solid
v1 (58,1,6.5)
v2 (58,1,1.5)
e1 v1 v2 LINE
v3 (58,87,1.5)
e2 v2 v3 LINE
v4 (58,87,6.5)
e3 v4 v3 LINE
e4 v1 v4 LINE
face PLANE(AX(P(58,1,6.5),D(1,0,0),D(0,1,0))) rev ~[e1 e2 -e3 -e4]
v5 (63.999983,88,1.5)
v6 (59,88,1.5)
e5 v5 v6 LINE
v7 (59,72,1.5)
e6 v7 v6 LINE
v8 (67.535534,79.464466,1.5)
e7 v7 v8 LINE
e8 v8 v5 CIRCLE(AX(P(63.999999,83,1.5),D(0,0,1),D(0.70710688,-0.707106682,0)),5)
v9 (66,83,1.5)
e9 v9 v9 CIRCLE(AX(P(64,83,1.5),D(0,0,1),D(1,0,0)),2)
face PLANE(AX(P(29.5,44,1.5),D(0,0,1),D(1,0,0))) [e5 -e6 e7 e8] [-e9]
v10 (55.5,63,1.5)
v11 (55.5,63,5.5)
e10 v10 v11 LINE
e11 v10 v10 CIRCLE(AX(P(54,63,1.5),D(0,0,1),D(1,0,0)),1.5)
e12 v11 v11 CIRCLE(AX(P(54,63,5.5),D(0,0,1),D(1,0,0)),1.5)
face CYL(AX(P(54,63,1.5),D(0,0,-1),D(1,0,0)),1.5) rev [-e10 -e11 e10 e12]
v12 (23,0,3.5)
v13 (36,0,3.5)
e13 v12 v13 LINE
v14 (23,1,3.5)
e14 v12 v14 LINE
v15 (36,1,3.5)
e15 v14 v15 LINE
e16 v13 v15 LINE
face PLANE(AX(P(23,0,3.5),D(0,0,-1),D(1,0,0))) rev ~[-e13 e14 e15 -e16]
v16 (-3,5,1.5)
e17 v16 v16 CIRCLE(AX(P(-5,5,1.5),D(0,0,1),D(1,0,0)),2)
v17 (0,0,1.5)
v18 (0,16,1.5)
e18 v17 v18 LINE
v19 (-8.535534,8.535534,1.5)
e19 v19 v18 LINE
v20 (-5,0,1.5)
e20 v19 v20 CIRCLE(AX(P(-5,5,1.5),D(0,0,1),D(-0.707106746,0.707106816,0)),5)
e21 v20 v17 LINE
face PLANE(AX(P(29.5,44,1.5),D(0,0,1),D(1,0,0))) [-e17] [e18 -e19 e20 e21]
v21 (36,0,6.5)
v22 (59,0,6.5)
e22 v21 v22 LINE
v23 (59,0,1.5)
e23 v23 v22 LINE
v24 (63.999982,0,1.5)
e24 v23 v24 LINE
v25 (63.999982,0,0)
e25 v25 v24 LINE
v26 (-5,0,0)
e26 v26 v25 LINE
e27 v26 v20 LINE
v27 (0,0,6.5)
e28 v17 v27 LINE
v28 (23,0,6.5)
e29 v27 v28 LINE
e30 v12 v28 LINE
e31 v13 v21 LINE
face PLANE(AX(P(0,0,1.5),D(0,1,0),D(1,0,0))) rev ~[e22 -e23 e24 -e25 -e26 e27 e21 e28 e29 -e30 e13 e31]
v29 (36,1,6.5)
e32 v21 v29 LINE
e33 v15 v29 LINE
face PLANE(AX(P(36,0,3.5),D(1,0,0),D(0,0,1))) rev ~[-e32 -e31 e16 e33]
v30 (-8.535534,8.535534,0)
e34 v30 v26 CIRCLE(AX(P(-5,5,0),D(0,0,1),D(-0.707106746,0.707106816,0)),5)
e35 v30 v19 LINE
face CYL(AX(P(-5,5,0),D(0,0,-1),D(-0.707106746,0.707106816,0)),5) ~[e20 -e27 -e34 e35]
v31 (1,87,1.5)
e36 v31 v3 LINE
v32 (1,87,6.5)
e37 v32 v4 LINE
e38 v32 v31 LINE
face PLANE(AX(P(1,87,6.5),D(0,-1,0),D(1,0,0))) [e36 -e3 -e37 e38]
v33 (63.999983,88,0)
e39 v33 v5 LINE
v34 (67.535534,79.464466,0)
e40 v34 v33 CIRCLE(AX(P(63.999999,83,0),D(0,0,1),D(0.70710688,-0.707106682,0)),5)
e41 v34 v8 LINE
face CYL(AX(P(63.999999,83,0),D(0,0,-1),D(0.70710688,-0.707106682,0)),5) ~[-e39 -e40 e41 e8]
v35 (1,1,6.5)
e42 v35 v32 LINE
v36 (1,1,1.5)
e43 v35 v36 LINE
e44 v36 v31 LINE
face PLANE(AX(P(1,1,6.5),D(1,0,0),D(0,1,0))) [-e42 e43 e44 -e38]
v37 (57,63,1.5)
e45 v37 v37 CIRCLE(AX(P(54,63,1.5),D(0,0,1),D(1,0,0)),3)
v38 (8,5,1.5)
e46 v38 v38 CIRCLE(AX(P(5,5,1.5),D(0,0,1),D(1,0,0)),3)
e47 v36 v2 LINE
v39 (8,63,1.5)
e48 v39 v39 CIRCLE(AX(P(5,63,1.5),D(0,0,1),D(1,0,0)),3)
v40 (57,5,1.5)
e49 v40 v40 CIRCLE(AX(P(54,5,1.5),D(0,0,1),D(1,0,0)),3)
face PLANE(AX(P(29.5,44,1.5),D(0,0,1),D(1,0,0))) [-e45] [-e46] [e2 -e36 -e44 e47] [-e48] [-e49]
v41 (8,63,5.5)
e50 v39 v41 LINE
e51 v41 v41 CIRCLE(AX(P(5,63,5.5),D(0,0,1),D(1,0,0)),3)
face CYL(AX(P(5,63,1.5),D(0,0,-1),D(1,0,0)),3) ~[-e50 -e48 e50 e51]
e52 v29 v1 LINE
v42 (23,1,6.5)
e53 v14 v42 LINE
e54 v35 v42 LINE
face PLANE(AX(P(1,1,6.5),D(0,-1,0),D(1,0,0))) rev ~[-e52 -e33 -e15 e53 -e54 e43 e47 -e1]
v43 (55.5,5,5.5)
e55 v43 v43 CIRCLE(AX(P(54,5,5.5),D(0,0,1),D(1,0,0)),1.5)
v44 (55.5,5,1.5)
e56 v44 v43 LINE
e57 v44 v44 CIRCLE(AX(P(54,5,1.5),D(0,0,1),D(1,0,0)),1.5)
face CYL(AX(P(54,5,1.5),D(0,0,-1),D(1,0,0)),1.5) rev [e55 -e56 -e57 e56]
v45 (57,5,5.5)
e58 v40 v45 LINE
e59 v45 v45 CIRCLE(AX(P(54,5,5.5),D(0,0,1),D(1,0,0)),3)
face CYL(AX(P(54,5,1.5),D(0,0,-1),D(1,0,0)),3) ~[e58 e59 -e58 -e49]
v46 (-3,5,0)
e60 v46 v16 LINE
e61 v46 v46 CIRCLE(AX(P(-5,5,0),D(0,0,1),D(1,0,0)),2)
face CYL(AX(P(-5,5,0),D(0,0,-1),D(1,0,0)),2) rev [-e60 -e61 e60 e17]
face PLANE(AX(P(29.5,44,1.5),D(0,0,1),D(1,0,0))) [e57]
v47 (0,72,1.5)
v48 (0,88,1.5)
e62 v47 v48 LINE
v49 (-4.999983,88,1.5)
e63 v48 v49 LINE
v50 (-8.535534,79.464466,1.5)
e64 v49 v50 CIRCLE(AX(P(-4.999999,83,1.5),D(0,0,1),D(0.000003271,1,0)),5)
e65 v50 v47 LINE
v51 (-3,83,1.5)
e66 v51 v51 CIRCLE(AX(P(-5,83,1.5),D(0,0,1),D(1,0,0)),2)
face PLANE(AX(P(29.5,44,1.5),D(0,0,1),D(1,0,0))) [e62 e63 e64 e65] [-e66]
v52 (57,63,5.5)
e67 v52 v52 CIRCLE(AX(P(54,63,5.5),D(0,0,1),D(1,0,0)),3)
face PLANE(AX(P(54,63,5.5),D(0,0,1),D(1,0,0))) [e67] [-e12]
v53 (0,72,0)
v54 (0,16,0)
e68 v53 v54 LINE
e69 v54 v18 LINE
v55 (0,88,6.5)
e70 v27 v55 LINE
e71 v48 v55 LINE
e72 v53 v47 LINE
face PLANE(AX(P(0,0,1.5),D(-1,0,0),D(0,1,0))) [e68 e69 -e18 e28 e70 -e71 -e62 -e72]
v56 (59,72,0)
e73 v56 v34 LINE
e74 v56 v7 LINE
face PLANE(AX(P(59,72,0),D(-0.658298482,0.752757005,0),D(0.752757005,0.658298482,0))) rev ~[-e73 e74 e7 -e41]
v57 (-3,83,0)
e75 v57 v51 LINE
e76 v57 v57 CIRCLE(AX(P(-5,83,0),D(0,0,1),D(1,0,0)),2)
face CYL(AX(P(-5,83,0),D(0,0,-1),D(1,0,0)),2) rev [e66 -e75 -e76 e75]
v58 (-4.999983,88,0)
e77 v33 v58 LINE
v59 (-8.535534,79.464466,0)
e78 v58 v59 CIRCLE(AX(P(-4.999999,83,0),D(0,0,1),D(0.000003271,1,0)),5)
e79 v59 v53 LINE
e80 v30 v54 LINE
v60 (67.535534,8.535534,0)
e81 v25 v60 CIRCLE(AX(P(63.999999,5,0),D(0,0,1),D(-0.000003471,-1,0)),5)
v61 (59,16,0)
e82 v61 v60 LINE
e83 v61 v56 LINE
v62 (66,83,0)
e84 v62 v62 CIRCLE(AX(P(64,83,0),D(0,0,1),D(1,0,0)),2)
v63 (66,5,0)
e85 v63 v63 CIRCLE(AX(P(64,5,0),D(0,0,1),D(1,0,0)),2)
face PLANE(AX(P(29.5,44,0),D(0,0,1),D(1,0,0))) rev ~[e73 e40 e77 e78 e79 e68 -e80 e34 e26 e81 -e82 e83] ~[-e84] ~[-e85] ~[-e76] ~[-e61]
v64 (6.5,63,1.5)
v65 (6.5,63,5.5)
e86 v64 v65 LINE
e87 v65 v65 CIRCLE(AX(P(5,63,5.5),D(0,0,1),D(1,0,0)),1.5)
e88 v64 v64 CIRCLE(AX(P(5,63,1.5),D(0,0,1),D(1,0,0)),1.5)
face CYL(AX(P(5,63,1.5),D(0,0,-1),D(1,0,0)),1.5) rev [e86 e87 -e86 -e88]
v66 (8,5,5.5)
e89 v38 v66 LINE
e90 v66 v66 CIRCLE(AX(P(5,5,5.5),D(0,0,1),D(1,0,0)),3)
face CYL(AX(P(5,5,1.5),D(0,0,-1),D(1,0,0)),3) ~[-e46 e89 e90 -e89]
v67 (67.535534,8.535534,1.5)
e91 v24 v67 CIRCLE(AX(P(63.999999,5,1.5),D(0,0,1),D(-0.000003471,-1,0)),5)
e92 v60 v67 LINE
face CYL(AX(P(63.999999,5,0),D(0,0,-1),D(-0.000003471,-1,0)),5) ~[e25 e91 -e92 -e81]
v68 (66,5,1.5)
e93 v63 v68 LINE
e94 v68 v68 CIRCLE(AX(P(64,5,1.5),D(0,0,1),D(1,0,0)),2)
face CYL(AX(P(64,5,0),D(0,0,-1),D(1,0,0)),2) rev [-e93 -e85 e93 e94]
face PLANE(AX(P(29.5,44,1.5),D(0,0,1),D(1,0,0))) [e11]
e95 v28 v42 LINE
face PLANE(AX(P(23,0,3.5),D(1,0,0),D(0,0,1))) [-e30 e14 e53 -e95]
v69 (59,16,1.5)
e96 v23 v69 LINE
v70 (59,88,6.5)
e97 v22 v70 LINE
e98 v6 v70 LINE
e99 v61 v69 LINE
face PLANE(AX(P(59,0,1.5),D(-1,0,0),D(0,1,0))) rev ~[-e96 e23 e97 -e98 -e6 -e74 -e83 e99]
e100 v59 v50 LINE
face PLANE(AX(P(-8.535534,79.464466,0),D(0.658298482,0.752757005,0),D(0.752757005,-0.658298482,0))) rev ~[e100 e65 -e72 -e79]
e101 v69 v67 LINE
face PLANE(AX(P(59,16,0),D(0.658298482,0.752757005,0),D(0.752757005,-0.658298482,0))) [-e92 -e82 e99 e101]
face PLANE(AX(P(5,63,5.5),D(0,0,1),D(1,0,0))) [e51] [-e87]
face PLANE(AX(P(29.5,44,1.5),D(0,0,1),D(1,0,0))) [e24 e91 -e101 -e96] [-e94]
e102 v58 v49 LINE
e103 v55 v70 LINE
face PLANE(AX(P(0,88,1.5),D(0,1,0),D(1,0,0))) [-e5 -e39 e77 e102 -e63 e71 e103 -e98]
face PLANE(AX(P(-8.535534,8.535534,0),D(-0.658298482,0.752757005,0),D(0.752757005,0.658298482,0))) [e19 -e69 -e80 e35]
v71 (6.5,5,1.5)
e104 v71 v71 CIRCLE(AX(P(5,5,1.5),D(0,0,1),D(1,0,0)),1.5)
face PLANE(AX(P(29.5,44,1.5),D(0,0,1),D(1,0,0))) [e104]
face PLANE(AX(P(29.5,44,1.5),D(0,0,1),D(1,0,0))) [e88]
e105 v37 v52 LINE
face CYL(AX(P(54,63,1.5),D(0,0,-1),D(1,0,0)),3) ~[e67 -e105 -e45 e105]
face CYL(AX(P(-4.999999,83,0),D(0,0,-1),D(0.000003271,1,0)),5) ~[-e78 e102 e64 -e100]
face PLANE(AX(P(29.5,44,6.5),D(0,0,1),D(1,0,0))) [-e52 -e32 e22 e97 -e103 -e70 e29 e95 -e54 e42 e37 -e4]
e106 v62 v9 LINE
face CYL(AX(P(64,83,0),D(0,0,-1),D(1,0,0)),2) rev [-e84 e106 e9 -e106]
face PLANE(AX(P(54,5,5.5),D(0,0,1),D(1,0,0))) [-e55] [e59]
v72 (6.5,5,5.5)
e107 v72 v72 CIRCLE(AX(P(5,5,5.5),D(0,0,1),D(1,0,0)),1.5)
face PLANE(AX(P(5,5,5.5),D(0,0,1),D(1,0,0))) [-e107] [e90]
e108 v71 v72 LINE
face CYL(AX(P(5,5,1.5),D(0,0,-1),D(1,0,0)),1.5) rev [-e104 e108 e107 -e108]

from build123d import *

# Parameters (mm, degrees)
SKETCH_R        = 2
PAD_DEPTH       = 1.5
SKETCH001_W     = 59
SKETCH001_H     = 88
PAD001_DEPTH    = 5
SKETCH002_W     = 57
SKETCH002_H     = 86
POCKET_DEPTH    = 5
SKETCH003_W     = 13
SKETCH003_H     = 3
POCKET001_DEPTH = 1
SKETCH004_R     = 3
SKETCH004_R_2   = 1.5
PAD002_DEPTH    = 4


with BuildPart() as part:
    # Sketch → Pad (new body)
    with BuildSketch(Plane.XY):
        with BuildLine():
            Line((0, 0), (59, 0))
            Line((63.999982, 0), (59, 0))
            ThreePointArc((63.999982, 0), (68.619394, 3.086575), (67.535534, 8.535534))
            Line((59, 16), (67.535534, 8.535534))
            Line((59, 16), (59, 72))
            Line((59, 72), (67.535534, 79.464466))
            ThreePointArc((67.535534, 79.464466), (68.619394, 84.913425), (63.999983, 88))
            Line((59, 88), (63.999983, 88))
            Line((59, 88), (0, 88))
            Line((-4.999983, 88), (0, 88))
            ThreePointArc((-4.999983, 88), (-9.619394, 84.913425), (-8.535534, 79.464466))
            Line((-8.535534, 79.464466), (0, 72))
            Line((0, 72), (0, 16))
            Line((-8.535534, 8.535534), (0, 16))
            ThreePointArc((-8.535534, 8.535534), (-9.619398, 3.086583), (-5, 0))
            Line((0, 0), (-5, 0))
        make_face()
        with Locations((-5, 83)):
            Circle(SKETCH_R, mode=Mode.SUBTRACT)
        with Locations((64, 83)):
            Circle(SKETCH_R, mode=Mode.SUBTRACT)
        with Locations((-5, 5)):
            Circle(SKETCH_R, mode=Mode.SUBTRACT)
        with Locations((64, 5)):
            Circle(SKETCH_R, mode=Mode.SUBTRACT)
    extrude(amount=PAD_DEPTH)

    # Sketch001 → Pad001 (new body)
    with BuildSketch(Plane.XY.offset(1.5)):
        with Locations((29.5, 44)):
            Rectangle(SKETCH001_W, SKETCH001_H)
    extrude(amount=PAD001_DEPTH)

    # Sketch002 → Pocket (cut)
    with BuildSketch(Plane.XY.offset(6.5)):
        with Locations((29.5, 44)):
            Rectangle(SKETCH002_W, SKETCH002_H)
    extrude(amount=-POCKET_DEPTH, mode=Mode.SUBTRACT)

    # Sketch003 → Pocket001 (cut)
    with BuildSketch(Plane.XZ):
        with Locations((29.5, 5)):
            Rectangle(SKETCH003_W, SKETCH003_H)
    extrude(amount=-POCKET001_DEPTH, mode=Mode.SUBTRACT)

    # Sketch004 → Pad002 (new body)
    with BuildSketch(Plane.XY.offset(1.5)):
        with Locations((5, 63)):
            Circle(SKETCH004_R)
        with Locations((5, 63)):
            Circle(SKETCH004_R_2, mode=Mode.SUBTRACT)
        with Locations((54, 63)):
            Circle(SKETCH004_R)
        with Locations((54, 63)):
            Circle(SKETCH004_R_2, mode=Mode.SUBTRACT)
        with Locations((5, 5)):
            Circle(SKETCH004_R)
        with Locations((5, 5)):
            Circle(SKETCH004_R_2, mode=Mode.SUBTRACT)
        with Locations((54, 5)):
            Circle(SKETCH004_R)
        with Locations((54, 5)):
            Circle(SKETCH004_R_2, mode=Mode.SUBTRACT)
    extrude(amount=PAD002_DEPTH)


solid = part.part
